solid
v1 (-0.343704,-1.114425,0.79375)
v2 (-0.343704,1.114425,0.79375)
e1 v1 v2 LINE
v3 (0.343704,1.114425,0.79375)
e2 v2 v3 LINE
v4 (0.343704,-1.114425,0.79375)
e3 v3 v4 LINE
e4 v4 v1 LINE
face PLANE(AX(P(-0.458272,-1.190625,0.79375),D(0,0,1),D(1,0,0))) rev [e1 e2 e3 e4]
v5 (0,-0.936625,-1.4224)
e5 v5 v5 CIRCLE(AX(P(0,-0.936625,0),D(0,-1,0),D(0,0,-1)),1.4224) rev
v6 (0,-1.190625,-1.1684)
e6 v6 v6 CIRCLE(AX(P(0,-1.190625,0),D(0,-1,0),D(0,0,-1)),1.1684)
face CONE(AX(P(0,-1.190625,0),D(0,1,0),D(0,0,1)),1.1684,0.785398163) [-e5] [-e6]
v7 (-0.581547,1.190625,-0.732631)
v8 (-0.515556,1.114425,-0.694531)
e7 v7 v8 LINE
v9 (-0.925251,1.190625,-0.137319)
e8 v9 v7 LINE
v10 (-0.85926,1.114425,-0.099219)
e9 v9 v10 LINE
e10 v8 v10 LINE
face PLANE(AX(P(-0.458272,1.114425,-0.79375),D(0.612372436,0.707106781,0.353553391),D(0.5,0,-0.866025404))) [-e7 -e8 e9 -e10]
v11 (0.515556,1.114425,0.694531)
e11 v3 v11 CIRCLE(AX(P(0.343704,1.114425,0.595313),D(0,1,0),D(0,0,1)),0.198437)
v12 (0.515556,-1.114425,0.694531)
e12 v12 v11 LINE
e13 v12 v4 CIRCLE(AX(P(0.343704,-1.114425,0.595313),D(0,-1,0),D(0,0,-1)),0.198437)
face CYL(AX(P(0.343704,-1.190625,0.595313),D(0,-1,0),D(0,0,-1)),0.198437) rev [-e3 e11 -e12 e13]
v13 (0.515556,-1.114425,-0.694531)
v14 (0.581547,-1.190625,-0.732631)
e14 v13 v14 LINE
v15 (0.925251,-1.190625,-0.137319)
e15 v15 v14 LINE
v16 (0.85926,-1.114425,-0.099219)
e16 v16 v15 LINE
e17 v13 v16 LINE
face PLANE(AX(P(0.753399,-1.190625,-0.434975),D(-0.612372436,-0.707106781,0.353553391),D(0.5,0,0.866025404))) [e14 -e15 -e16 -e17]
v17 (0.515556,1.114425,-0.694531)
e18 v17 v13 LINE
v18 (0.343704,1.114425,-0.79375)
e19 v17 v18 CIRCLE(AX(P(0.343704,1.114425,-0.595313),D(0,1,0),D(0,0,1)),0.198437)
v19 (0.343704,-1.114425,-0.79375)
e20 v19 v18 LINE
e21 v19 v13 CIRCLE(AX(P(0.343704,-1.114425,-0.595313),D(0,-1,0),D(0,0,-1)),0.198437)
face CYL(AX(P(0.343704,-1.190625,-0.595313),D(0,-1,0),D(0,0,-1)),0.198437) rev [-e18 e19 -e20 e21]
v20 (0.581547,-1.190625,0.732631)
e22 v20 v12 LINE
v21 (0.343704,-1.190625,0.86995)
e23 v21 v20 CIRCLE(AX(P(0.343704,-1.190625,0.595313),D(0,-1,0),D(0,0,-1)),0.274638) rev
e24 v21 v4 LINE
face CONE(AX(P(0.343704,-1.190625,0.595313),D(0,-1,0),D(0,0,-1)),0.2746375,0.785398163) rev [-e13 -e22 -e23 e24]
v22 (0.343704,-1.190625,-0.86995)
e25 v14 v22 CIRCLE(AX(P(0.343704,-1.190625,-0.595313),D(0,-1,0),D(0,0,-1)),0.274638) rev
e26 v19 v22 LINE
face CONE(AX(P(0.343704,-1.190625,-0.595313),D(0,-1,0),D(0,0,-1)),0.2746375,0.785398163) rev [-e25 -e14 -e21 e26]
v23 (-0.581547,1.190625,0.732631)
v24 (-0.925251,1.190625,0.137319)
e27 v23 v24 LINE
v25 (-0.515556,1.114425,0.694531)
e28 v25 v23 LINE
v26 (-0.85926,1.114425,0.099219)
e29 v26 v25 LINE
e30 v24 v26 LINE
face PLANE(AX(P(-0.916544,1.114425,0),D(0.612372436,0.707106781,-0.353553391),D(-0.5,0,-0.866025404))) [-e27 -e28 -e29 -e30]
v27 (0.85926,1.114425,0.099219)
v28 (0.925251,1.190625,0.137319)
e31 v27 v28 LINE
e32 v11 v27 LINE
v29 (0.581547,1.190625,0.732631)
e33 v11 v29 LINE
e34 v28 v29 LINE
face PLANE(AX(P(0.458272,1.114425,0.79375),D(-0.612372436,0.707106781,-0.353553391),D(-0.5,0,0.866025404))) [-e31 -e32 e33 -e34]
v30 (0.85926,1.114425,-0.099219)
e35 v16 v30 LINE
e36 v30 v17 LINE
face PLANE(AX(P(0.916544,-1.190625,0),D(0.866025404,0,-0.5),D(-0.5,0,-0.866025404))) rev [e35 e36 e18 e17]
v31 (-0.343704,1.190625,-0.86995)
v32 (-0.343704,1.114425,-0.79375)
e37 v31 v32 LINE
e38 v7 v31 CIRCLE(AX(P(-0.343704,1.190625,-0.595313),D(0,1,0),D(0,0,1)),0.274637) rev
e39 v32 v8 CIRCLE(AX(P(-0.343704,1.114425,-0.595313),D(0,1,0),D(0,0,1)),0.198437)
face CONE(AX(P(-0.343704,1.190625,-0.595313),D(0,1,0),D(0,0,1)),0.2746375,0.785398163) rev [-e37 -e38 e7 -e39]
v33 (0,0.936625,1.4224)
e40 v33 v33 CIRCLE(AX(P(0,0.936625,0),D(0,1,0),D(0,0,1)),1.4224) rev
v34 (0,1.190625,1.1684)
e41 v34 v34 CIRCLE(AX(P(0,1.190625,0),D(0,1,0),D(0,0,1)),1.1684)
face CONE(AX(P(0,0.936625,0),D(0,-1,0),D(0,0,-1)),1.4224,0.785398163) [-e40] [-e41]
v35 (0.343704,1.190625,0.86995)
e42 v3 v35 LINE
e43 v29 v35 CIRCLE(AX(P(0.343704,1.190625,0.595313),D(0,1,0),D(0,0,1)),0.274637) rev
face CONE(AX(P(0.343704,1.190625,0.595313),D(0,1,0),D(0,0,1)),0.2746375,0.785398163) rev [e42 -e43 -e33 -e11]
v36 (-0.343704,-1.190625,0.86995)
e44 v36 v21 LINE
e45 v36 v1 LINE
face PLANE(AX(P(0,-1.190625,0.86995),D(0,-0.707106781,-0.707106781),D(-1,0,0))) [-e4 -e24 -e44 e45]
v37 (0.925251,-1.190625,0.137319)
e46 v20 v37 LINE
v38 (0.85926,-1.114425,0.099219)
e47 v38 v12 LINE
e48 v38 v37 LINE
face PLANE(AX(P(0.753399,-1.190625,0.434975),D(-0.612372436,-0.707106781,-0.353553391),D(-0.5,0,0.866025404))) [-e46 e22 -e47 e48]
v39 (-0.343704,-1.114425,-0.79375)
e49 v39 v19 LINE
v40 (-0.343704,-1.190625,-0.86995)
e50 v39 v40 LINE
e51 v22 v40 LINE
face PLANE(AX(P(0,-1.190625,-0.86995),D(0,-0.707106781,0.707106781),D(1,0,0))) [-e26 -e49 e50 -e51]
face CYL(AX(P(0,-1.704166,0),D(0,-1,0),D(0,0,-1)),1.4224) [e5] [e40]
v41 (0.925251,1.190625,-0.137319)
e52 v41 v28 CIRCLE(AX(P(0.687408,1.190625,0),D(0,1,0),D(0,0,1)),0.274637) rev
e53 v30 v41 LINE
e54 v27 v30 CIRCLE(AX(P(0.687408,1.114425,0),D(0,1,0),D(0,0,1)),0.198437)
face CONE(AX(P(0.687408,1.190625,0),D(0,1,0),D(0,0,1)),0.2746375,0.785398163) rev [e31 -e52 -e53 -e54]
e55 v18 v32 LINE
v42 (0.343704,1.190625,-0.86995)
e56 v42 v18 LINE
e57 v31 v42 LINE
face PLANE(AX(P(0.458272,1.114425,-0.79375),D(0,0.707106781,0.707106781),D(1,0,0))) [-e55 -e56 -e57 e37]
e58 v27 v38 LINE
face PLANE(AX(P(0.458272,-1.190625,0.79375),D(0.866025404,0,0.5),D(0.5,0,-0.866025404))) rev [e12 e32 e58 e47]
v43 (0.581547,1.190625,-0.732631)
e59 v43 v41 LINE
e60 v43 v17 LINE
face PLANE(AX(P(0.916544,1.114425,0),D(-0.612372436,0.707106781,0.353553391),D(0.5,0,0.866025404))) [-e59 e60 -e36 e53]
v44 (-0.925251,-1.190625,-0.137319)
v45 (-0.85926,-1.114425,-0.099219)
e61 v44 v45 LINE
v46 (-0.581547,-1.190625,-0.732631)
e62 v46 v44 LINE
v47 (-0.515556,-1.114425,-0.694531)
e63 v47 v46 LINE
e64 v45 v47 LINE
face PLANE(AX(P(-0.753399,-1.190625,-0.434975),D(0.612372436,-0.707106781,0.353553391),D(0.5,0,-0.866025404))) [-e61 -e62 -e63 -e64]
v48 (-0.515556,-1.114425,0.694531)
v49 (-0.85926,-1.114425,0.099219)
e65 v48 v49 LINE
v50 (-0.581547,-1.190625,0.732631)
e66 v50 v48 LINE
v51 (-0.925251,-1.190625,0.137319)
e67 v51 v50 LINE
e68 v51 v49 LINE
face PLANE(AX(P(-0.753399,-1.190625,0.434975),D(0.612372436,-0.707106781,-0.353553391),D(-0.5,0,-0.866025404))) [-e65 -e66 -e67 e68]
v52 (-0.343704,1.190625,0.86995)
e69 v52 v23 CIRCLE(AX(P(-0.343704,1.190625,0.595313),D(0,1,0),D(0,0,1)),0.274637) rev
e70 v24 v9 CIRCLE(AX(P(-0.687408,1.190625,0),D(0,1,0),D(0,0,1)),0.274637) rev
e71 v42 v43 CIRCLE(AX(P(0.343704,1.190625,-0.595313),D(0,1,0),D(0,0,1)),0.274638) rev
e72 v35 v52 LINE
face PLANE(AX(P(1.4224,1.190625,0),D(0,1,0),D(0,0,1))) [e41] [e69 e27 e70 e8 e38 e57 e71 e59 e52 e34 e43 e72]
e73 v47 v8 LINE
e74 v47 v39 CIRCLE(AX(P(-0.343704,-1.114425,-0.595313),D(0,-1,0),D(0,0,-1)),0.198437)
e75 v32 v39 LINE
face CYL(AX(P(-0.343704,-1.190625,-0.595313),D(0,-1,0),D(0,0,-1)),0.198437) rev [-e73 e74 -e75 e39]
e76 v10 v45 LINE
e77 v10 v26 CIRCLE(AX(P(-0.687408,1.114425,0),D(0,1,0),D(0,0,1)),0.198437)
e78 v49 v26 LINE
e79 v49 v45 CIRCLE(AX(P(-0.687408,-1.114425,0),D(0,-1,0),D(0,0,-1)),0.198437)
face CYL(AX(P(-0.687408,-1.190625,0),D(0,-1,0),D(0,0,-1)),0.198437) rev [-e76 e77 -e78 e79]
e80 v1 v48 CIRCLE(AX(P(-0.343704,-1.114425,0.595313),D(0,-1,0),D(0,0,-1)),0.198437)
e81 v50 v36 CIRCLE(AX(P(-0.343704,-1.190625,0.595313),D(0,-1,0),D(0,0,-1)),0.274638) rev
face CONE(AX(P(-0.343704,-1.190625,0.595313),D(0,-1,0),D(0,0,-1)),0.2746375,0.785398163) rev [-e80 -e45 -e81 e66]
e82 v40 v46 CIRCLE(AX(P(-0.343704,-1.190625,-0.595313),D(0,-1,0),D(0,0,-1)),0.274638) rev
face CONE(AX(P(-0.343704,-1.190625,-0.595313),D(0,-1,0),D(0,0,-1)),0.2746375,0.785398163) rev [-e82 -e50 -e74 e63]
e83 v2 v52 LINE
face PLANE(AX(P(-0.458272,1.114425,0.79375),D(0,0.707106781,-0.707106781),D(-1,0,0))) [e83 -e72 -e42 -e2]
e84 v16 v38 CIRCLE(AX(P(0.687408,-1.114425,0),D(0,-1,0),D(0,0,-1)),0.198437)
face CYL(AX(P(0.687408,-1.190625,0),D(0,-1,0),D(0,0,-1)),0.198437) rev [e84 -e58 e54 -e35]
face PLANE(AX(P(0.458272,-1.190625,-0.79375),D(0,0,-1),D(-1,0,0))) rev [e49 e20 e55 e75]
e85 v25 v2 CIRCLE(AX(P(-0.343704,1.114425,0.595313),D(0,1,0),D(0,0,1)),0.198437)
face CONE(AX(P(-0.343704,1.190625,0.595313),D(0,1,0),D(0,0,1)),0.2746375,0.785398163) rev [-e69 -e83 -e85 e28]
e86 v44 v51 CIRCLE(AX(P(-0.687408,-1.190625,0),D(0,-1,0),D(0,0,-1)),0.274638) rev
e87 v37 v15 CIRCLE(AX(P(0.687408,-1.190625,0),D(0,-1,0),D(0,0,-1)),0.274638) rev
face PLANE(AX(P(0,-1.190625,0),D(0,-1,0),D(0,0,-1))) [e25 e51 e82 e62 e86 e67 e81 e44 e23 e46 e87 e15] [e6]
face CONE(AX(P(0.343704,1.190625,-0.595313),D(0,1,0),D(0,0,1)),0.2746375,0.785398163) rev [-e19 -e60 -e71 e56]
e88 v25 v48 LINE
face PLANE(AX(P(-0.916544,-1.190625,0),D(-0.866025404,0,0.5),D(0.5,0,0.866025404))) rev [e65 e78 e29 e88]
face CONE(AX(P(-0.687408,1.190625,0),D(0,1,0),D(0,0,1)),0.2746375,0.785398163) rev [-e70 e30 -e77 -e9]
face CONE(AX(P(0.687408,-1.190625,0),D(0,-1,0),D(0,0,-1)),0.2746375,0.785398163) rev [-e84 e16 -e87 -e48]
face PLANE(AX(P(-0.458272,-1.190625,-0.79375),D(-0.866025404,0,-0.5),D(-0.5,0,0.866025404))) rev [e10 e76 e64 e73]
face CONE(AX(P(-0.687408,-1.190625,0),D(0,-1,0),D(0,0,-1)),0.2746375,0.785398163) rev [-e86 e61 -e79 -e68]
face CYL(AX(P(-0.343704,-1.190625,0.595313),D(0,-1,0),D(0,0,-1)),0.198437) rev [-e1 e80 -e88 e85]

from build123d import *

# Parameters (mm, degrees)
SKETCH1_W               = 1.4224
SKETCH1_H               = 2.38125
CUT_EXTRUDE1_DEPTH      = 2.190625
CUT_EXTRUDE1_DEPTH_BACK = 2.190625
FILLET1_R               = 0.1984375
CHAMFER1_SIZE           = 0.254
CHAMFER2_SIZE           = 0.0762


with BuildPart() as part:
    # Sketch1 → Revolve1 (revolve)
    with BuildSketch(Plane.XY):
        with Locations((0.7112, 0)):
            Rectangle(SKETCH1_W, SKETCH1_H)
    revolve(axis=Axis((0, -1.704166029, 0), (0, 1, 0)))

    # Sketch3 → Cut-Extrude1 (cut, two sides)
    with BuildSketch(Plane(origin=(0, 0, 0), x_dir=(1, 0, 0), z_dir=(0, 1, 0))) as cut_extrude1_sk:
        Polygon((0.916543552, 0), (0.458271776, 0.79375), (-0.458271776, 0.79375), (-0.916543552, 0), (-0.458271776, -0.79375), (0.458271776, -0.79375), align=None)
    extrude(amount=CUT_EXTRUDE1_DEPTH, mode=Mode.SUBTRACT)
    extrude(cut_extrude1_sk.sketch, amount=-CUT_EXTRUDE1_DEPTH_BACK, mode=Mode.SUBTRACT)

    # Fillet1
    fillet1_edges = [part.edges().sort_by_distance(p)[0] for p in [
        (0.458271776, 0, -0.79375),
        (0.916543552, 0, 0),
        (0.458271776, 0, 0.79375),
        (-0.458271776, 0, 0.79375),
        (-0.916543552, 0, 0),
        (-0.458271776, 0, -0.79375),
    ]]
    fillet(fillet1_edges, radius=FILLET1_R)

    # Chamfer1
    chamfer1_edges = [part.edges().sort_by_distance(p)[0] for p in [
        (-1.4224, 1.190625, 0),
        (-1.4224, -1.190625, 0),
    ]]
    chamfer(chamfer1_edges, length=CHAMFER1_SIZE)

    # Chamfer2
    chamfer2_edges = [part.edges().sort_by_distance(p)[0] for p in [
        (0.687407664, -1.190625, -0.396875),
        (0.687407664, 1.190625, -0.396875),
        (0.687407664, -1.190625, 0.396875),
        (0.687407664, 1.190625, 0.396875),
        (0, -1.190625, 0.79375),
        (0, 1.190625, 0.79375),
        (-0.687407664, -1.190625, 0.396875),
        (-0.687407664, 1.190625, 0.396875),
        (-0.687407664, -1.190625, -0.396875),
        (-0.687407664, 1.190625, -0.396875),
        (0, -1.190625, -0.79375),
        (0, 1.190625, -0.79375),
        (0.885845164, 1.190625, 0),
        (0.885845164, -1.190625, 0),
        (0.442922582, 1.190625, 0.767164416),
        (0.442922582, -1.190625, 0.767164416),
        (-0.442922582, 1.190625, 0.767164416),
        (-0.442922582, -1.190625, 0.767164416),
        (-0.885845164, 1.190625, 0),
        (-0.885845164, -1.190625, 0),
        (-0.442922582, 1.190625, -0.767164416),
        (-0.442922582, -1.190625, -0.767164416),
        (0.442922582, 1.190625, -0.767164416),
        (0.442922582, -1.190625, -0.767164416),
    ]]
    chamfer(chamfer2_edges, length=CHAMFER2_SIZE)


solid = part.part
